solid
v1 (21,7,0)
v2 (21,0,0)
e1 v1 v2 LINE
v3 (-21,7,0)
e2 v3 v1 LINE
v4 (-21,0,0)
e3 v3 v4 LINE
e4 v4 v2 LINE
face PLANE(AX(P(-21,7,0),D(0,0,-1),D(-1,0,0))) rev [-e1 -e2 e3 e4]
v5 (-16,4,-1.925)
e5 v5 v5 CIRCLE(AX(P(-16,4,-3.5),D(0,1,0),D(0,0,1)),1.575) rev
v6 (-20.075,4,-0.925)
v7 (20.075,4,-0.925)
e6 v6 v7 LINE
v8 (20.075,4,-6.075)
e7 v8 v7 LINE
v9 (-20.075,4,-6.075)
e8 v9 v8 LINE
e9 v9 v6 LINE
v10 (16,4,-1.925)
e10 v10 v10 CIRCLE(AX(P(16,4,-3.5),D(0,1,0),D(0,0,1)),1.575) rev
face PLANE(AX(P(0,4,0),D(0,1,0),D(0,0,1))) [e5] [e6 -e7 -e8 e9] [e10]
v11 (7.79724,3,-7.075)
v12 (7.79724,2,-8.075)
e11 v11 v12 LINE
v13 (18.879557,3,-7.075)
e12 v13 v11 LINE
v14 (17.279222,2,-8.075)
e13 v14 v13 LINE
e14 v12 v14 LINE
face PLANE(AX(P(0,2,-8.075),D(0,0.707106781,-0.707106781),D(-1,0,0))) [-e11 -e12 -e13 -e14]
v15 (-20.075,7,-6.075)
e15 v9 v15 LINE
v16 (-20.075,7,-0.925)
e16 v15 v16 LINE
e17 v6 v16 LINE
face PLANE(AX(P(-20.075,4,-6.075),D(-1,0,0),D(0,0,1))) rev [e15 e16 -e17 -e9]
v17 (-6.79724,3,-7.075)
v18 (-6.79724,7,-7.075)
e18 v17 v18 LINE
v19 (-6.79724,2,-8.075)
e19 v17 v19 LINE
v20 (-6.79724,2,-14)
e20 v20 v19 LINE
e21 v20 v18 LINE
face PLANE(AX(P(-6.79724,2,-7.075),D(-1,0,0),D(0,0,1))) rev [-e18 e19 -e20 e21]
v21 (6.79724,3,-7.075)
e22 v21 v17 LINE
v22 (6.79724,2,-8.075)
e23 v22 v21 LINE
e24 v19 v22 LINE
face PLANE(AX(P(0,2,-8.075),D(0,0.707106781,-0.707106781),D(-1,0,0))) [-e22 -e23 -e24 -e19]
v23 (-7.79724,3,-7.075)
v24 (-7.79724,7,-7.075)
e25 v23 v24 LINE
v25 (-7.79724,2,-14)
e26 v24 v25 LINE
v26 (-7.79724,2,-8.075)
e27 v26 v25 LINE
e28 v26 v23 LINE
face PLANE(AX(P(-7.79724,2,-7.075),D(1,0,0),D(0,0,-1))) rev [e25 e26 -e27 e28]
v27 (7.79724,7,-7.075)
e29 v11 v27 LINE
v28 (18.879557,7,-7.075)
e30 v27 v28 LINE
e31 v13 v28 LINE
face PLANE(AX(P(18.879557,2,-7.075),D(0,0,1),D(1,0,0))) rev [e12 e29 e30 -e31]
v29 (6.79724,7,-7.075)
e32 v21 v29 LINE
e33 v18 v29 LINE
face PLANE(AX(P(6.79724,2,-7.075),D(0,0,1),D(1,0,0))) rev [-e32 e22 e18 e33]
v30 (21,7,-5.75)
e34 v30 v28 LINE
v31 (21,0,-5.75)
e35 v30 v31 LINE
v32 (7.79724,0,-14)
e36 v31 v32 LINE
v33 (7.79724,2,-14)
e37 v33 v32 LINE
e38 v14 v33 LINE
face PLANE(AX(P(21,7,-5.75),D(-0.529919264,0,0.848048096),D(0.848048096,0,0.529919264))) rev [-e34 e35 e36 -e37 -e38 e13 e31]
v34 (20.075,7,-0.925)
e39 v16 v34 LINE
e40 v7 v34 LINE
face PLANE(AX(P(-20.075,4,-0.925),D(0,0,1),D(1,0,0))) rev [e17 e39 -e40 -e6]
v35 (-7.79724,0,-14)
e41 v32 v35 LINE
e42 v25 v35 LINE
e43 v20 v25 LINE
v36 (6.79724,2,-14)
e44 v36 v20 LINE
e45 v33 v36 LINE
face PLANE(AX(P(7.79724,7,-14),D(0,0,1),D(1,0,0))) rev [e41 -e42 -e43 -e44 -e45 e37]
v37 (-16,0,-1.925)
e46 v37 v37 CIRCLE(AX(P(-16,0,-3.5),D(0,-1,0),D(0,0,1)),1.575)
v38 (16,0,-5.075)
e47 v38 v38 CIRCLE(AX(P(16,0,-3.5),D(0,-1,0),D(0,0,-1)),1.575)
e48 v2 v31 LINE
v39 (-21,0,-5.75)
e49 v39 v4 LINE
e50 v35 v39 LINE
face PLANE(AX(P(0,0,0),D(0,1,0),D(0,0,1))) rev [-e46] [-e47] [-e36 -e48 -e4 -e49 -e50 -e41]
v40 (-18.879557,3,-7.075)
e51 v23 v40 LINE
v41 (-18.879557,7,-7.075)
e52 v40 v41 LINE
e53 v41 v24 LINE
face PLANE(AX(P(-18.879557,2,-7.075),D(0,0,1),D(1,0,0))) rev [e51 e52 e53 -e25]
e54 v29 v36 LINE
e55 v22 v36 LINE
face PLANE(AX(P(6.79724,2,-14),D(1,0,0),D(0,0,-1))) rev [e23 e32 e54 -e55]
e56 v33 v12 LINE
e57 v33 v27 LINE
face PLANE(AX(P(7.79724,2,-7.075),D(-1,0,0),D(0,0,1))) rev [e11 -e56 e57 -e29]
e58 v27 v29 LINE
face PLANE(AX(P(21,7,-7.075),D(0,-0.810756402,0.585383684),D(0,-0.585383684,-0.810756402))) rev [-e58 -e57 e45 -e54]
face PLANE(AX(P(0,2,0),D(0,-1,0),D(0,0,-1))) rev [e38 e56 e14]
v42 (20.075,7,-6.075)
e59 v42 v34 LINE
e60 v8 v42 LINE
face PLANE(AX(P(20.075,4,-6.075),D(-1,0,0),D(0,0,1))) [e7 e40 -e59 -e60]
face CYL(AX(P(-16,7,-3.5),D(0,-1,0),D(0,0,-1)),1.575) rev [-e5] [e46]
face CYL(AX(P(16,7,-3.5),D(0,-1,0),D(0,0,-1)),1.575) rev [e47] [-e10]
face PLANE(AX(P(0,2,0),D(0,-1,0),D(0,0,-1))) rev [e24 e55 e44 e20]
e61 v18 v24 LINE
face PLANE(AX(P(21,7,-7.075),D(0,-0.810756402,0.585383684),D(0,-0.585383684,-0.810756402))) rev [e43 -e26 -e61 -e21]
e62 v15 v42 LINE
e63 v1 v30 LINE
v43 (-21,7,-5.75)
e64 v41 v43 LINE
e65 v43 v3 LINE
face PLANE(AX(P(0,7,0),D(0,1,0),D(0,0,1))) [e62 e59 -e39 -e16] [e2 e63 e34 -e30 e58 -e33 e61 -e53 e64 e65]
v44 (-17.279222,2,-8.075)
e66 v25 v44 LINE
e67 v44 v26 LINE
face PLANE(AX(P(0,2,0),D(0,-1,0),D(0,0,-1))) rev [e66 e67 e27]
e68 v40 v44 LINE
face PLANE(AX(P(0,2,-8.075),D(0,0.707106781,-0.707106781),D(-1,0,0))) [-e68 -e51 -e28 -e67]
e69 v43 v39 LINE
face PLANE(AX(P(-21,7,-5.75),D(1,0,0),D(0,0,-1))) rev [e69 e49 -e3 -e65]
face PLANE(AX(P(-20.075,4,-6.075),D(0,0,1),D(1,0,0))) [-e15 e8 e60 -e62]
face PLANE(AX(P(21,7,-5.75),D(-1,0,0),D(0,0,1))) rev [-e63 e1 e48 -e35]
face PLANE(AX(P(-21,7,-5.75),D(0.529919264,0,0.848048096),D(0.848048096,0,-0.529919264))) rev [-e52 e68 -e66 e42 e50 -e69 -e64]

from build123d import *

# Parameters (mm, degrees)
RISER_DEPTH             = 7
SKETCH2_R               = 1.575
MOUNTING_HOLES_DEPTH    = 24.216373532
SKETCH3_W               = 40.15
SKETCH3_H               = 5.15
RECESS_DEPTH            = 3
FLANGE_DEPTH            = 7
SKETCH5_W               = 13.594480272
SKETCH5_H               = 6.925
FLANGE_CUTOUT_DEPTH     = 5
ANGLE_CUTOUT_DEPTH      = 32.901199964
ANGLE_CUTOUT_DEPTH_BACK = 32.901199964
FLANGE_CHAMFER_SIZE     = 1


with BuildPart() as part:
    # Sketch1 → Riser (new body)
    with BuildSketch(Plane(origin=(0, 0, 0), x_dir=(1, 0, 0), z_dir=(0, 1, 0))):
        Polygon((-18.999581839, 7), (18.999581839, 7), (21, 5.75), (21, 0), (-21, 0), (-21, 5.75), align=None)
    extrude(amount=RISER_DEPTH)

    # Sketch2 → Mounting Holes (cut, through all)
    with BuildSketch(Plane.XZ):
        with Locations(Location((16, -3.5, 0), (0, 0, 270))):
            Circle(SKETCH2_R)
        with Locations(Location((-16, -3.5, 0), (0, 0, 90))):
            Circle(SKETCH2_R)
    extrude(amount=-MOUNTING_HOLES_DEPTH, mode=Mode.SUBTRACT)

    # Sketch3 → Recess (cut)
    with BuildSketch(Plane(origin=(0, 7, 0), x_dir=(1, 0, 0), z_dir=(0, 1, 0))):
        with Locations((0, 3.5)):
            Rectangle(SKETCH3_W, SKETCH3_H)
    extrude(amount=-RECESS_DEPTH, mode=Mode.SUBTRACT)

    # Sketch4 → Flange (add)
    with BuildSketch(Plane(origin=(0, 0, 0), x_dir=(1, 0, 0), z_dir=(0, 1, 0))):
        Polygon((-18.999581839, 7), (18.999581839, 7), (7.797240136, 14), (-7.797240136, 14), align=None)
    extrude(amount=FLANGE_DEPTH)

    # Sketch5 → Flange Cutout (cut)
    with BuildSketch(Plane(origin=(0, 7, 0), x_dir=(1, 0, 0), z_dir=(0, 1, 0))):
        with Locations((0, 10.5375)):
            Rectangle(SKETCH5_W, SKETCH5_H)
        Polygon((-18.879556749, 7.075), (-7.797240136, 7.075), (-7.797240136, 14), align=None)
        Polygon((7.797240136, 7.075), (7.797240136, 14), (18.879556749, 7.075), align=None)
    extrude(amount=-FLANGE_CUTOUT_DEPTH, mode=Mode.SUBTRACT)

    # Sketch7 → Angle Cutout (cut, two sides: drawn at the far end of the back side and taken through both)
    with BuildSketch(Plane.ZY.offset(-6.797240136).offset(-ANGLE_CUTOUT_DEPTH_BACK)):
        Polygon((-7.075, 7), (-14, 2), (-14, 7), align=None)
    extrude(amount=ANGLE_CUTOUT_DEPTH + ANGLE_CUTOUT_DEPTH_BACK, mode=Mode.SUBTRACT)

    # Flange Chamfer
    flange_chamfer_edges = [part.edges().sort_by_distance(p)[0] for p in [
        (13.338398442, 2, -7.075),
        (-13.338398442, 2, -7.075),
        (0, 2, -7.075),
    ]]
    chamfer(flange_chamfer_edges, length=FLANGE_CHAMFER_SIZE)


solid = part.part
